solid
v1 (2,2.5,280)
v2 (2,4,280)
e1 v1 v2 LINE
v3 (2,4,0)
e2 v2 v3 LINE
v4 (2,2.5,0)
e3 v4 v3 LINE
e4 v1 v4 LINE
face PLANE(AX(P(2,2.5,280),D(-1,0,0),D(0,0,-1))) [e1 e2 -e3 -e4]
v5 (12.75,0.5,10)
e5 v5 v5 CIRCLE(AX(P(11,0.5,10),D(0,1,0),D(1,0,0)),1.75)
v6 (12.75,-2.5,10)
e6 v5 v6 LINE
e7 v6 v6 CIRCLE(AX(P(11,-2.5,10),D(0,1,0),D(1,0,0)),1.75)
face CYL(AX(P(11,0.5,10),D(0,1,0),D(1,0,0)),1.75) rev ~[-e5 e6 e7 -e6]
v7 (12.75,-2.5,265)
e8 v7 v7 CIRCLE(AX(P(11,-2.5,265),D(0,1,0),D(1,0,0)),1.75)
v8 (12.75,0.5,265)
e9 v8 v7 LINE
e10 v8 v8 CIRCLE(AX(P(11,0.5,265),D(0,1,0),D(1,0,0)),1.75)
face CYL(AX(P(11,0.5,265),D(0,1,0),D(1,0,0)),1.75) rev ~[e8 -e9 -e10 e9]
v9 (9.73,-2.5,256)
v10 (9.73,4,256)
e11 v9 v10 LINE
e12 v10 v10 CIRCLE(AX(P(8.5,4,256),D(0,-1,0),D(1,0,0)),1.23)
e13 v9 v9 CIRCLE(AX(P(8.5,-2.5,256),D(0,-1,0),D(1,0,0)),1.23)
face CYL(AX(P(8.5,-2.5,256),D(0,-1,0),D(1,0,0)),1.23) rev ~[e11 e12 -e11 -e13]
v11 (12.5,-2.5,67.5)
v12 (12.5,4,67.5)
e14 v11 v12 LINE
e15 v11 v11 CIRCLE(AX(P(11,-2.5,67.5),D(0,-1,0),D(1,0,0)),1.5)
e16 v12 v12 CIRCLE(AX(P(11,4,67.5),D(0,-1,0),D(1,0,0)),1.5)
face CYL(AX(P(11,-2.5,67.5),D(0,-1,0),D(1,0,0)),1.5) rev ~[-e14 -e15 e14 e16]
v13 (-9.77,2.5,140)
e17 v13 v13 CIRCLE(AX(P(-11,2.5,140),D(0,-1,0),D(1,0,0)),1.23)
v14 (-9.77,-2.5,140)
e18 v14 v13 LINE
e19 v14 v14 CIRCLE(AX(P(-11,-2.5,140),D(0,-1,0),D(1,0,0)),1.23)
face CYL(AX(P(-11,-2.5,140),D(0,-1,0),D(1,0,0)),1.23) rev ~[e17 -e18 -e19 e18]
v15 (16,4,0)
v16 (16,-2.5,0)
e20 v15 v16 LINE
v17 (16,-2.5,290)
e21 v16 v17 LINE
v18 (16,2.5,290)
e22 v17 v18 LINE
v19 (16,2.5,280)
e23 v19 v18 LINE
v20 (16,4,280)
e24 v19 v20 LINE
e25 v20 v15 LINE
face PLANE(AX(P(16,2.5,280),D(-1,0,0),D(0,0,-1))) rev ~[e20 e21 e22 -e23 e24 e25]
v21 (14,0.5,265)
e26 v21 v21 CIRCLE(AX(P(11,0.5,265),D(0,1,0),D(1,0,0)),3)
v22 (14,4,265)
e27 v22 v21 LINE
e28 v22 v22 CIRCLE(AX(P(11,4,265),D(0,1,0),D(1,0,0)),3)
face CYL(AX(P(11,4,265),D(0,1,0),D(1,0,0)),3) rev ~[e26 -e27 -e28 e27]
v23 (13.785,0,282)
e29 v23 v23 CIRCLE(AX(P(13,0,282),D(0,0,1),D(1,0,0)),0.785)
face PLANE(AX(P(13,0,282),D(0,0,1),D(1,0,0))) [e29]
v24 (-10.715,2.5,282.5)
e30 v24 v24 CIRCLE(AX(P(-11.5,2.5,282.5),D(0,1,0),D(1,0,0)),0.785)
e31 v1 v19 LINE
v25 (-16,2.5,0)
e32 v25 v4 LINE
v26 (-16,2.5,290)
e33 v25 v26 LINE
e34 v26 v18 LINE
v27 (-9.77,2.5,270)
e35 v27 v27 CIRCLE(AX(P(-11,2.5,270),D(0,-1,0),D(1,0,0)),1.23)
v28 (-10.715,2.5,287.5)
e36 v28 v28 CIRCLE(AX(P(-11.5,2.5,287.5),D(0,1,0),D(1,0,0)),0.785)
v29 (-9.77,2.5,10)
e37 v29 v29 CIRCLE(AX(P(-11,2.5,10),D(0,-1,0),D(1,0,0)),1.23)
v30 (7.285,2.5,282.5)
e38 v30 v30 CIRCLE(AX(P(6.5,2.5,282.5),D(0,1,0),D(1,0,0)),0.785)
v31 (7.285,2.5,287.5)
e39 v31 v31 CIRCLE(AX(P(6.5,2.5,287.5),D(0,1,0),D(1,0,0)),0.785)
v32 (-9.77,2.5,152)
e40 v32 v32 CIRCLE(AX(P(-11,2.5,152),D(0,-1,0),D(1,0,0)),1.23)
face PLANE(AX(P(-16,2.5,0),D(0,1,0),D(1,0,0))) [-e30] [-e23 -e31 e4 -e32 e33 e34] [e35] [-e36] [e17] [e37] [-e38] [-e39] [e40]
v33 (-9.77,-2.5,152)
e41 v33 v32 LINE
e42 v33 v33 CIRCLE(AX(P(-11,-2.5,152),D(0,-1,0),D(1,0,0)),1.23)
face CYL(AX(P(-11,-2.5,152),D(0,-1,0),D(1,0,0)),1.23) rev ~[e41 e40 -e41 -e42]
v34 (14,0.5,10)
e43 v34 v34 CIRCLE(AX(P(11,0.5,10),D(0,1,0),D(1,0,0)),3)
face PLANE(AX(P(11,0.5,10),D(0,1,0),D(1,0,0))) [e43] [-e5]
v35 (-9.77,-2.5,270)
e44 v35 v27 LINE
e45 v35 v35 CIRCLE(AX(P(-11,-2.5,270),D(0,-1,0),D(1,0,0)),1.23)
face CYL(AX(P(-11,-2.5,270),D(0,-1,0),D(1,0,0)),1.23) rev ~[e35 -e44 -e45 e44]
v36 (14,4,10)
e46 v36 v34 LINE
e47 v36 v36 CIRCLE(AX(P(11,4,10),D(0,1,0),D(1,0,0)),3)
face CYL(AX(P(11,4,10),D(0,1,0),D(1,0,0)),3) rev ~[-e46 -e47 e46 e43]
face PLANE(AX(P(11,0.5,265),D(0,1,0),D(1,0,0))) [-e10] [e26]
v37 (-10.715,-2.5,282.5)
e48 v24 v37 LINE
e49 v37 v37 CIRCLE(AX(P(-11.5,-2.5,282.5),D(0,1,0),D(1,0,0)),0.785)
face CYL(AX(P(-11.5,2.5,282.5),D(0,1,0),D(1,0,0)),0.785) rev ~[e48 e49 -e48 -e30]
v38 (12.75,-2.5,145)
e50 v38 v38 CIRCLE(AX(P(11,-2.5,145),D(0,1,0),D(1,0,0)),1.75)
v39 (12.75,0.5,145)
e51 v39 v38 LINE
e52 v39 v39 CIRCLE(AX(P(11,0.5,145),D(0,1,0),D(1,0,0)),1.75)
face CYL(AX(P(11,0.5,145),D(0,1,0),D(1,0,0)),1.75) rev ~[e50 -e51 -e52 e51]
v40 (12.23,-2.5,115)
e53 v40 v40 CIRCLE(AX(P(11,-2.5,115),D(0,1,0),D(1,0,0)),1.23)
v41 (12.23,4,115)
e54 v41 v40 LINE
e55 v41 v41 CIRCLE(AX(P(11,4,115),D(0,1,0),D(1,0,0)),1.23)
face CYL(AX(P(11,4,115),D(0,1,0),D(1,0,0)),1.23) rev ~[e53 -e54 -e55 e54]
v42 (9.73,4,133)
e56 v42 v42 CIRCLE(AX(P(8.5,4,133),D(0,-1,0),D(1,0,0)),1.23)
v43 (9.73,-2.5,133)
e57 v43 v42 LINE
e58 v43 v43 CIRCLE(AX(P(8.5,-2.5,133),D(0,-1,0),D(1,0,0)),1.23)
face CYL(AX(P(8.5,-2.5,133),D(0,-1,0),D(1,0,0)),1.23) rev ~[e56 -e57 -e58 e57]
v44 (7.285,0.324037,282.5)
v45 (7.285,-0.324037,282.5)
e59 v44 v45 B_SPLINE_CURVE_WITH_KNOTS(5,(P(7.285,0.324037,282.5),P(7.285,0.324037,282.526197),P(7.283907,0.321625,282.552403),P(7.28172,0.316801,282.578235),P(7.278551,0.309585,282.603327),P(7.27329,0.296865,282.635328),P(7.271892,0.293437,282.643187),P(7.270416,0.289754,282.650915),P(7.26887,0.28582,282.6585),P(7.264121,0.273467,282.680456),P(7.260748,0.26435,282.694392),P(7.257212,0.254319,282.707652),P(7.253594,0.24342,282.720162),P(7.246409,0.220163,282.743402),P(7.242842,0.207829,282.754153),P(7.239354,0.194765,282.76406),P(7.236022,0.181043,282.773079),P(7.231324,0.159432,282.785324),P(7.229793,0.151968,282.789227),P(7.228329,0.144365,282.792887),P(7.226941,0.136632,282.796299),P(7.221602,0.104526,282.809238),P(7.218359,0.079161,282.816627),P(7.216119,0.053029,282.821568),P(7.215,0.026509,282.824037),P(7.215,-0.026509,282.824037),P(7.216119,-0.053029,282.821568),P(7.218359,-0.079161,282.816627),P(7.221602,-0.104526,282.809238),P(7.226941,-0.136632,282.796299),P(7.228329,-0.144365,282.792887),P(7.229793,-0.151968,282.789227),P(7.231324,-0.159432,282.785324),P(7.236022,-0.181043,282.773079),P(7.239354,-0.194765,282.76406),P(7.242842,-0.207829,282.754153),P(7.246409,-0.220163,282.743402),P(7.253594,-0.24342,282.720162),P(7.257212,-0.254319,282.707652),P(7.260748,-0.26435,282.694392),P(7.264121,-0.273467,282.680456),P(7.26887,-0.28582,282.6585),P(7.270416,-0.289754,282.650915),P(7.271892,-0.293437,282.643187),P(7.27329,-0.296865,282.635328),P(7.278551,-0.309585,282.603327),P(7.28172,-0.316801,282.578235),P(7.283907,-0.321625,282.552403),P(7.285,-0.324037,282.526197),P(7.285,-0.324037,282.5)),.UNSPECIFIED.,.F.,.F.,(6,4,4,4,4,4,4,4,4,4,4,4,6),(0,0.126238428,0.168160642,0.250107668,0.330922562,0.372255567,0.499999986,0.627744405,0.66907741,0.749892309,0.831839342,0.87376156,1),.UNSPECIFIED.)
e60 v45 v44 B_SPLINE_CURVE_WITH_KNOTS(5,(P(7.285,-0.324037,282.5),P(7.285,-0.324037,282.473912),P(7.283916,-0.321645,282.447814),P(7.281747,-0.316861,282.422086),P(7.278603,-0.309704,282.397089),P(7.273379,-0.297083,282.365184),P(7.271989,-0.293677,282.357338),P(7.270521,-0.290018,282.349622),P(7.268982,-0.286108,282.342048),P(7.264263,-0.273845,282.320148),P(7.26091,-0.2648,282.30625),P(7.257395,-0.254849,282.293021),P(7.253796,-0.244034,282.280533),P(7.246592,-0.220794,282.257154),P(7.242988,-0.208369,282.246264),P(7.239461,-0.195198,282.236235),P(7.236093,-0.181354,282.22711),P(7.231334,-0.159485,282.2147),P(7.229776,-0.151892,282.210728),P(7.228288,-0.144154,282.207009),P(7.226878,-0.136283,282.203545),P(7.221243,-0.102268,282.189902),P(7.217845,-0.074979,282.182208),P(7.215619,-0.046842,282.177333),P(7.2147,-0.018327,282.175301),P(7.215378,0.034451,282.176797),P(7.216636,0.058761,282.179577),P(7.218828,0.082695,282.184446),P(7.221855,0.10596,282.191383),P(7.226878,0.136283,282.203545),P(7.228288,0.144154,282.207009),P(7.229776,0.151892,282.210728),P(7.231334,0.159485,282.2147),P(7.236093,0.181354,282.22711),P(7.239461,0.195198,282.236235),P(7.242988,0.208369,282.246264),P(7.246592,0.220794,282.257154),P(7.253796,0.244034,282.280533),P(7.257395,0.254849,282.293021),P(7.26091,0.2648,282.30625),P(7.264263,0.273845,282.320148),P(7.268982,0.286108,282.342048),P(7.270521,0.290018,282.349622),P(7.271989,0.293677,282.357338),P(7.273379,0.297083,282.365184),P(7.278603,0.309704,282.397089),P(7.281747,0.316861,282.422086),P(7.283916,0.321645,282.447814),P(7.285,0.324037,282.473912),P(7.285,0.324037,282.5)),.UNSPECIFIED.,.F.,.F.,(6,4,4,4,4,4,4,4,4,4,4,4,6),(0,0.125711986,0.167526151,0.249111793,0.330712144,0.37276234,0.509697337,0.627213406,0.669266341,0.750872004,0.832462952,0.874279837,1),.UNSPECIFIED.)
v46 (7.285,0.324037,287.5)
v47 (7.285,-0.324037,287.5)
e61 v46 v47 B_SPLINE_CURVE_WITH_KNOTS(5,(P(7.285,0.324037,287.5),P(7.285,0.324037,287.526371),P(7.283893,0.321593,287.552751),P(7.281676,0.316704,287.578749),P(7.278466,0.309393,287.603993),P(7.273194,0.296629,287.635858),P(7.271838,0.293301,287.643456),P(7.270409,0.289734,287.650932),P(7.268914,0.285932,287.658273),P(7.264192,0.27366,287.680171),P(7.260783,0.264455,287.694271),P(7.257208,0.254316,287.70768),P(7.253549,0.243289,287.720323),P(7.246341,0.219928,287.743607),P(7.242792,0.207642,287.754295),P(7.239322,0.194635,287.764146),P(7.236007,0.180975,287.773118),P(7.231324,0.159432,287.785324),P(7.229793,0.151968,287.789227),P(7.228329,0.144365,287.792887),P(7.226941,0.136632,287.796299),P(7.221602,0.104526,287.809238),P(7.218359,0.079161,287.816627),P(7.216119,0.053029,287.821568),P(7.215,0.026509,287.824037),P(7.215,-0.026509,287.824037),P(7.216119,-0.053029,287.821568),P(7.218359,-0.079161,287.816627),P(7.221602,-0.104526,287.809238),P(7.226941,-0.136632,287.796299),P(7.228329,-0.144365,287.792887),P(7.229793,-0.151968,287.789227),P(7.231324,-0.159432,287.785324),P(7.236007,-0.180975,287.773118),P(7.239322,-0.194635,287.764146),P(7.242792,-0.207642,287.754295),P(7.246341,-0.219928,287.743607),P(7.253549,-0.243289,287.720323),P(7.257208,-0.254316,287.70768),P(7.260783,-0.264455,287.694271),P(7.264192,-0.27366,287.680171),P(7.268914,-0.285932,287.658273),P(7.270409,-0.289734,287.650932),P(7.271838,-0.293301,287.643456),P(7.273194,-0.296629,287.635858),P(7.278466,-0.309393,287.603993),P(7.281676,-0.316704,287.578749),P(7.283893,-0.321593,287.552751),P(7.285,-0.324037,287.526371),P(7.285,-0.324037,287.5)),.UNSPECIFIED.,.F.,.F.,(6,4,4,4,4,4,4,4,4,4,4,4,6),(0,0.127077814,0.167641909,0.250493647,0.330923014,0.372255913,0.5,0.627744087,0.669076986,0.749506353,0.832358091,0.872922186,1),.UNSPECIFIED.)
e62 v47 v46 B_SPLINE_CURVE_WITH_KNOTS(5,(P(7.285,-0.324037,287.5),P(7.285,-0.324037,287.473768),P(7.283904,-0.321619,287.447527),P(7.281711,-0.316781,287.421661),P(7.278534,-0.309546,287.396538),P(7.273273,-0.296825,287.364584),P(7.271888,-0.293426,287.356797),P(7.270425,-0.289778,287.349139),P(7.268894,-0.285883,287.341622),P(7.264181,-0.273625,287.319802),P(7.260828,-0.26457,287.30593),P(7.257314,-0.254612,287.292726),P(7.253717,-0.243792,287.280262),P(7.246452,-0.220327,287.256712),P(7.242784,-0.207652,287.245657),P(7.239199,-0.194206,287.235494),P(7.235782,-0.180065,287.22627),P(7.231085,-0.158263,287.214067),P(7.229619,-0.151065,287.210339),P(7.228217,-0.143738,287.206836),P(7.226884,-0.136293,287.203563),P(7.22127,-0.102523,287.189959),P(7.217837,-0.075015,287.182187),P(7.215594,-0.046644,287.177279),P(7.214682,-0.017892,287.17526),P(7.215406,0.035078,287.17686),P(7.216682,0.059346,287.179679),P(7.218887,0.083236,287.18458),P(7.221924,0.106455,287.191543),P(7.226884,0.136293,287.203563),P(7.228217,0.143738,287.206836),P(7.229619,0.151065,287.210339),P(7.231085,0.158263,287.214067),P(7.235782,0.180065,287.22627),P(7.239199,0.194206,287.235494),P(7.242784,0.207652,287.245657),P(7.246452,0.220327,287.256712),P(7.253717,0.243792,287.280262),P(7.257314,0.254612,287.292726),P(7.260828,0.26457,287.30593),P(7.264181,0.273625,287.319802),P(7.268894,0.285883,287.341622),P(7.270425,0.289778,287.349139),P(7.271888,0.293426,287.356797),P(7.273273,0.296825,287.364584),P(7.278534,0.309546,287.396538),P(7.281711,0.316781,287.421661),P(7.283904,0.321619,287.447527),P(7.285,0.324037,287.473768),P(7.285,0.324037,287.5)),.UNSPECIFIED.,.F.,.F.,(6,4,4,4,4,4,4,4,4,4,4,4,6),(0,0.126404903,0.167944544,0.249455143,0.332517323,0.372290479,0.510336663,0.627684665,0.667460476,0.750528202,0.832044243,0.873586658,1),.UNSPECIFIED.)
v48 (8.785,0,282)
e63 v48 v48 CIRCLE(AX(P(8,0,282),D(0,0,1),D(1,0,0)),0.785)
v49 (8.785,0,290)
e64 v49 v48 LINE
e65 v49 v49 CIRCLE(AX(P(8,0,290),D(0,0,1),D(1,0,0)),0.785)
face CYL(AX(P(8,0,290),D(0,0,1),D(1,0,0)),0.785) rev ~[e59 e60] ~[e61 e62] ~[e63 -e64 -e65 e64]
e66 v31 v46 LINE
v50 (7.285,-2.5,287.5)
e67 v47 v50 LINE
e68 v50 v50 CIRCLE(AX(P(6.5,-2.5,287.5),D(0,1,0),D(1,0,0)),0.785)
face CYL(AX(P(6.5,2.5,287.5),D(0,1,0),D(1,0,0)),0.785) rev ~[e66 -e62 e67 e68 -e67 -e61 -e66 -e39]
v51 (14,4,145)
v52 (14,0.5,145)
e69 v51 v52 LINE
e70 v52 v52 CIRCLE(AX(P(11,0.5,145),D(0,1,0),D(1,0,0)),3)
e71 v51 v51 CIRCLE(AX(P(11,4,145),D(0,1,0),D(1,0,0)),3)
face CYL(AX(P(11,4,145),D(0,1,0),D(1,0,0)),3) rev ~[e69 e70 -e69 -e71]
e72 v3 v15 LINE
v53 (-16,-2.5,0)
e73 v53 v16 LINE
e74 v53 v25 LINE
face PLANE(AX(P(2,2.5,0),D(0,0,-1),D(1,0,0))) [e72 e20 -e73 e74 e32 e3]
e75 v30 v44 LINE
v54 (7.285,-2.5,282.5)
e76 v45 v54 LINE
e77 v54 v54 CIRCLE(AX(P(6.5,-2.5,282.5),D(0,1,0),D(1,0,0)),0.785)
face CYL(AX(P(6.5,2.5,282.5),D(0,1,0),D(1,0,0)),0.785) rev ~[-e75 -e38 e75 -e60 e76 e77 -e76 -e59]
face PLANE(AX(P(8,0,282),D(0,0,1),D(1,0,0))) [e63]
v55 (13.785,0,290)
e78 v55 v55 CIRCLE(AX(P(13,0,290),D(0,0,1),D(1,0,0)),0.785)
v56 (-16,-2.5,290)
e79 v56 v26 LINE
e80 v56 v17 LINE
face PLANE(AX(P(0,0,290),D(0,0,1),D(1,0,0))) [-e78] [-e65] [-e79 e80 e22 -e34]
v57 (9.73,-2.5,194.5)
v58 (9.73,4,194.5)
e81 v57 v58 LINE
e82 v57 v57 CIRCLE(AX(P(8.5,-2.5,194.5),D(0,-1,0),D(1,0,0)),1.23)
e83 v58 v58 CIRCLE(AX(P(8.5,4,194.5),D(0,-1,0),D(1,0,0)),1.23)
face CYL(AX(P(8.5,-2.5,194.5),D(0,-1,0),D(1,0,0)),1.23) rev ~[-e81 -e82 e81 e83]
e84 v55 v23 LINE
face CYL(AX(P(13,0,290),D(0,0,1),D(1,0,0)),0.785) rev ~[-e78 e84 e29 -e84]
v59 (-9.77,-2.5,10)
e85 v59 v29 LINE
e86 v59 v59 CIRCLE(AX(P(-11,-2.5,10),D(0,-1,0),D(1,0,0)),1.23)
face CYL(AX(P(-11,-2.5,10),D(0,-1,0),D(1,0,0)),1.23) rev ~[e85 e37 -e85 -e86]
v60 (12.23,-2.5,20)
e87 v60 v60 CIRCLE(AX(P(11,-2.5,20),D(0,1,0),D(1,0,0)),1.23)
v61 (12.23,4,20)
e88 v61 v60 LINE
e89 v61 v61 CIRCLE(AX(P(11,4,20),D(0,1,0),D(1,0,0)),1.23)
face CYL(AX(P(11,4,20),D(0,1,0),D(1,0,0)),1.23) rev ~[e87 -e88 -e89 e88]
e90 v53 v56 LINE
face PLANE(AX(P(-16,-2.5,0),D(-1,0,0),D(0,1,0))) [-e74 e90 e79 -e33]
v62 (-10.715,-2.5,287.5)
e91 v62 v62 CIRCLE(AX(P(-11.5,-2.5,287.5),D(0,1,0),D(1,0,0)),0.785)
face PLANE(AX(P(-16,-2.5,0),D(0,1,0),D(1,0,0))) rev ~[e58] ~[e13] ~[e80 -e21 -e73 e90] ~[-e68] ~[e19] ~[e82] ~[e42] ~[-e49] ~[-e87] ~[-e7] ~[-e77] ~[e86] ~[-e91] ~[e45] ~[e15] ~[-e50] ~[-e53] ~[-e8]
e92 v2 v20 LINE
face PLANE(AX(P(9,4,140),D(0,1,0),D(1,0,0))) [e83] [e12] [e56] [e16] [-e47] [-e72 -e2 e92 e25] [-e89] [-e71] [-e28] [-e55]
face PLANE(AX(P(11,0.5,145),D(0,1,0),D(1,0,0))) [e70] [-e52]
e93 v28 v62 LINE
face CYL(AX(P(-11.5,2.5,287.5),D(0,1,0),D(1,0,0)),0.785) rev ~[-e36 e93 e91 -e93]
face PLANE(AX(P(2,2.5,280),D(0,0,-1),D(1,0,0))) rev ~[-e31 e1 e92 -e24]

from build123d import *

# Parameters (mm, degrees)
SKETCH1_W           = 32
SKETCH1_H           = 5
BOSS_EXTRUDE1_DEPTH = 290
SKETCH2_W           = 14
SKETCH2_H           = 280
BOSS_EXTRUDE2_DEPTH = 1.5
SKETCH3_R           = 3
CUT_EXTRUDE1_DEPTH  = 3.5
SKETCH4_R           = 1.75
CUT_EXTRUDE2_DEPTH  = 4
SKETCH5_R           = 0.785
CUT_EXTRUDE3_DEPTH  = 6
SKETCH6_R           = 1.23
CUT_EXTRUDE4_DEPTH  = 7.5
LPATTERN1_COUNT     = 2
LPATTERN1_PITCH     = 95
SKETCH7_R           = 1.23
CUT_EXTRUDE5_DEPTH  = 7.5
SKETCH8_R           = 1.23
CUT_EXTRUDE6_DEPTH  = 7.5
LPATTERN2_COUNT     = 3
LPATTERN2_PITCH     = 61.5
SKETCH9_R           = 1.5
CUT_EXTRUDE7_DEPTH  = 7.5
SKETCH10_R          = 0.785
CUT_EXTRUDE8_DEPTH  = 8


with BuildPart() as part:
    # Sketch1 → Boss-Extrude1 (new body)
    with BuildSketch(Plane.XY):
        Rectangle(SKETCH1_W, SKETCH1_H)
    extrude(amount=BOSS_EXTRUDE1_DEPTH)

    # Sketch2 → Boss-Extrude2 (add)
    with BuildSketch(Plane(origin=(0, 2.5, 0), x_dir=(1, 0, 0), z_dir=(0, 1, 0))):
        with Locations((9, -140)):
            Rectangle(SKETCH2_W, SKETCH2_H)
    extrude(amount=BOSS_EXTRUDE2_DEPTH)

    # Sketch3 → Cut-Extrude1 (cut)
    with BuildSketch(Plane(origin=(0, 4, 0), x_dir=(1, 0, 0), z_dir=(0, 1, 0))):
        with Locations((11, -10)):
            Circle(SKETCH3_R)
        with Locations((11, -145)):
            Circle(SKETCH3_R)
        with Locations((11, -265)):
            Circle(SKETCH3_R)
    extrude(amount=-CUT_EXTRUDE1_DEPTH, mode=Mode.SUBTRACT)

    # Sketch4 → Cut-Extrude2 (cut, through all)
    with BuildSketch(Plane(origin=(0, 0.5, 0), x_dir=(1, 0, 0), z_dir=(0, 1, 0))):
        with Locations((11, -10)):
            Circle(SKETCH4_R)
        with Locations((11, -145)):
            Circle(SKETCH4_R)
        with Locations((11, -265)):
            Circle(SKETCH4_R)
    extrude(amount=-CUT_EXTRUDE2_DEPTH, mode=Mode.SUBTRACT)

    # Sketch5 → Cut-Extrude3 (cut, through all)
    with BuildSketch(Plane(origin=(0, 2.5, 0), x_dir=(1, 0, 0), z_dir=(0, 1, 0))):
        with Locations((-11.5, -282.5)):
            Circle(SKETCH5_R)
        with Locations((6.5, -282.5)):
            Circle(SKETCH5_R)
        with Locations((-11.5, -287.5)):
            Circle(SKETCH5_R)
        with Locations((6.5, -287.5)):
            Circle(SKETCH5_R)
    extrude(amount=-CUT_EXTRUDE3_DEPTH, mode=Mode.SUBTRACT)

    # Sketch6 → Cut-Extrude4 (cut, through all)
    with BuildSketch(Plane(origin=(0, 4, 0), x_dir=(1, 0, 0), z_dir=(0, 1, 0))):
        with Locations((11, -20)):
            Circle(SKETCH6_R)
    cut_extrude4 = extrude(amount=-CUT_EXTRUDE4_DEPTH, mode=Mode.SUBTRACT)

    # LPattern1: Cut-Extrude4 ×2
    with Locations(*[(0, 0, i * LPATTERN1_PITCH) for i in range(1, LPATTERN1_COUNT)]):
        add(cut_extrude4, mode=Mode.SUBTRACT)

    # Sketch7 → Cut-Extrude5 (cut, through all)
    with BuildSketch(Plane.XZ.offset(2.5)):
        with Locations((-11, 10)):
            Circle(SKETCH7_R)
        with Locations((-11, 140)):
            Circle(SKETCH7_R)
        with Locations((-11, 152)):
            Circle(SKETCH7_R)
        with Locations((-11, 270)):
            Circle(SKETCH7_R)
    extrude(amount=-CUT_EXTRUDE5_DEPTH, mode=Mode.SUBTRACT)

    # Sketch8 → Cut-Extrude6 (cut, through all)
    with BuildSketch(Plane.XZ.offset(2.5)):
        with Locations((8.5, 133)):
            Circle(SKETCH8_R)
    cut_extrude6 = extrude(amount=-CUT_EXTRUDE6_DEPTH, mode=Mode.SUBTRACT)

    # LPattern2: Cut-Extrude6 ×3
    with Locations(*[(0, 0, i * LPATTERN2_PITCH) for i in range(1, LPATTERN2_COUNT)]):
        add(cut_extrude6, mode=Mode.SUBTRACT)

    # Sketch9 → Cut-Extrude7 (cut, through all)
    with BuildSketch(Plane.XZ.offset(2.5)):
        with Locations((11, 67.5)):
            Circle(SKETCH9_R)
    extrude(amount=-CUT_EXTRUDE7_DEPTH, mode=Mode.SUBTRACT)

    # Sketch10 → Cut-Extrude8 (cut)
    with BuildSketch(Plane.XY.offset(290)):
        with Locations((13, 0)):
            Circle(SKETCH10_R)
        with Locations((8, 0)):
            Circle(SKETCH10_R)
    extrude(amount=-CUT_EXTRUDE8_DEPTH, mode=Mode.SUBTRACT)


solid = part.part
